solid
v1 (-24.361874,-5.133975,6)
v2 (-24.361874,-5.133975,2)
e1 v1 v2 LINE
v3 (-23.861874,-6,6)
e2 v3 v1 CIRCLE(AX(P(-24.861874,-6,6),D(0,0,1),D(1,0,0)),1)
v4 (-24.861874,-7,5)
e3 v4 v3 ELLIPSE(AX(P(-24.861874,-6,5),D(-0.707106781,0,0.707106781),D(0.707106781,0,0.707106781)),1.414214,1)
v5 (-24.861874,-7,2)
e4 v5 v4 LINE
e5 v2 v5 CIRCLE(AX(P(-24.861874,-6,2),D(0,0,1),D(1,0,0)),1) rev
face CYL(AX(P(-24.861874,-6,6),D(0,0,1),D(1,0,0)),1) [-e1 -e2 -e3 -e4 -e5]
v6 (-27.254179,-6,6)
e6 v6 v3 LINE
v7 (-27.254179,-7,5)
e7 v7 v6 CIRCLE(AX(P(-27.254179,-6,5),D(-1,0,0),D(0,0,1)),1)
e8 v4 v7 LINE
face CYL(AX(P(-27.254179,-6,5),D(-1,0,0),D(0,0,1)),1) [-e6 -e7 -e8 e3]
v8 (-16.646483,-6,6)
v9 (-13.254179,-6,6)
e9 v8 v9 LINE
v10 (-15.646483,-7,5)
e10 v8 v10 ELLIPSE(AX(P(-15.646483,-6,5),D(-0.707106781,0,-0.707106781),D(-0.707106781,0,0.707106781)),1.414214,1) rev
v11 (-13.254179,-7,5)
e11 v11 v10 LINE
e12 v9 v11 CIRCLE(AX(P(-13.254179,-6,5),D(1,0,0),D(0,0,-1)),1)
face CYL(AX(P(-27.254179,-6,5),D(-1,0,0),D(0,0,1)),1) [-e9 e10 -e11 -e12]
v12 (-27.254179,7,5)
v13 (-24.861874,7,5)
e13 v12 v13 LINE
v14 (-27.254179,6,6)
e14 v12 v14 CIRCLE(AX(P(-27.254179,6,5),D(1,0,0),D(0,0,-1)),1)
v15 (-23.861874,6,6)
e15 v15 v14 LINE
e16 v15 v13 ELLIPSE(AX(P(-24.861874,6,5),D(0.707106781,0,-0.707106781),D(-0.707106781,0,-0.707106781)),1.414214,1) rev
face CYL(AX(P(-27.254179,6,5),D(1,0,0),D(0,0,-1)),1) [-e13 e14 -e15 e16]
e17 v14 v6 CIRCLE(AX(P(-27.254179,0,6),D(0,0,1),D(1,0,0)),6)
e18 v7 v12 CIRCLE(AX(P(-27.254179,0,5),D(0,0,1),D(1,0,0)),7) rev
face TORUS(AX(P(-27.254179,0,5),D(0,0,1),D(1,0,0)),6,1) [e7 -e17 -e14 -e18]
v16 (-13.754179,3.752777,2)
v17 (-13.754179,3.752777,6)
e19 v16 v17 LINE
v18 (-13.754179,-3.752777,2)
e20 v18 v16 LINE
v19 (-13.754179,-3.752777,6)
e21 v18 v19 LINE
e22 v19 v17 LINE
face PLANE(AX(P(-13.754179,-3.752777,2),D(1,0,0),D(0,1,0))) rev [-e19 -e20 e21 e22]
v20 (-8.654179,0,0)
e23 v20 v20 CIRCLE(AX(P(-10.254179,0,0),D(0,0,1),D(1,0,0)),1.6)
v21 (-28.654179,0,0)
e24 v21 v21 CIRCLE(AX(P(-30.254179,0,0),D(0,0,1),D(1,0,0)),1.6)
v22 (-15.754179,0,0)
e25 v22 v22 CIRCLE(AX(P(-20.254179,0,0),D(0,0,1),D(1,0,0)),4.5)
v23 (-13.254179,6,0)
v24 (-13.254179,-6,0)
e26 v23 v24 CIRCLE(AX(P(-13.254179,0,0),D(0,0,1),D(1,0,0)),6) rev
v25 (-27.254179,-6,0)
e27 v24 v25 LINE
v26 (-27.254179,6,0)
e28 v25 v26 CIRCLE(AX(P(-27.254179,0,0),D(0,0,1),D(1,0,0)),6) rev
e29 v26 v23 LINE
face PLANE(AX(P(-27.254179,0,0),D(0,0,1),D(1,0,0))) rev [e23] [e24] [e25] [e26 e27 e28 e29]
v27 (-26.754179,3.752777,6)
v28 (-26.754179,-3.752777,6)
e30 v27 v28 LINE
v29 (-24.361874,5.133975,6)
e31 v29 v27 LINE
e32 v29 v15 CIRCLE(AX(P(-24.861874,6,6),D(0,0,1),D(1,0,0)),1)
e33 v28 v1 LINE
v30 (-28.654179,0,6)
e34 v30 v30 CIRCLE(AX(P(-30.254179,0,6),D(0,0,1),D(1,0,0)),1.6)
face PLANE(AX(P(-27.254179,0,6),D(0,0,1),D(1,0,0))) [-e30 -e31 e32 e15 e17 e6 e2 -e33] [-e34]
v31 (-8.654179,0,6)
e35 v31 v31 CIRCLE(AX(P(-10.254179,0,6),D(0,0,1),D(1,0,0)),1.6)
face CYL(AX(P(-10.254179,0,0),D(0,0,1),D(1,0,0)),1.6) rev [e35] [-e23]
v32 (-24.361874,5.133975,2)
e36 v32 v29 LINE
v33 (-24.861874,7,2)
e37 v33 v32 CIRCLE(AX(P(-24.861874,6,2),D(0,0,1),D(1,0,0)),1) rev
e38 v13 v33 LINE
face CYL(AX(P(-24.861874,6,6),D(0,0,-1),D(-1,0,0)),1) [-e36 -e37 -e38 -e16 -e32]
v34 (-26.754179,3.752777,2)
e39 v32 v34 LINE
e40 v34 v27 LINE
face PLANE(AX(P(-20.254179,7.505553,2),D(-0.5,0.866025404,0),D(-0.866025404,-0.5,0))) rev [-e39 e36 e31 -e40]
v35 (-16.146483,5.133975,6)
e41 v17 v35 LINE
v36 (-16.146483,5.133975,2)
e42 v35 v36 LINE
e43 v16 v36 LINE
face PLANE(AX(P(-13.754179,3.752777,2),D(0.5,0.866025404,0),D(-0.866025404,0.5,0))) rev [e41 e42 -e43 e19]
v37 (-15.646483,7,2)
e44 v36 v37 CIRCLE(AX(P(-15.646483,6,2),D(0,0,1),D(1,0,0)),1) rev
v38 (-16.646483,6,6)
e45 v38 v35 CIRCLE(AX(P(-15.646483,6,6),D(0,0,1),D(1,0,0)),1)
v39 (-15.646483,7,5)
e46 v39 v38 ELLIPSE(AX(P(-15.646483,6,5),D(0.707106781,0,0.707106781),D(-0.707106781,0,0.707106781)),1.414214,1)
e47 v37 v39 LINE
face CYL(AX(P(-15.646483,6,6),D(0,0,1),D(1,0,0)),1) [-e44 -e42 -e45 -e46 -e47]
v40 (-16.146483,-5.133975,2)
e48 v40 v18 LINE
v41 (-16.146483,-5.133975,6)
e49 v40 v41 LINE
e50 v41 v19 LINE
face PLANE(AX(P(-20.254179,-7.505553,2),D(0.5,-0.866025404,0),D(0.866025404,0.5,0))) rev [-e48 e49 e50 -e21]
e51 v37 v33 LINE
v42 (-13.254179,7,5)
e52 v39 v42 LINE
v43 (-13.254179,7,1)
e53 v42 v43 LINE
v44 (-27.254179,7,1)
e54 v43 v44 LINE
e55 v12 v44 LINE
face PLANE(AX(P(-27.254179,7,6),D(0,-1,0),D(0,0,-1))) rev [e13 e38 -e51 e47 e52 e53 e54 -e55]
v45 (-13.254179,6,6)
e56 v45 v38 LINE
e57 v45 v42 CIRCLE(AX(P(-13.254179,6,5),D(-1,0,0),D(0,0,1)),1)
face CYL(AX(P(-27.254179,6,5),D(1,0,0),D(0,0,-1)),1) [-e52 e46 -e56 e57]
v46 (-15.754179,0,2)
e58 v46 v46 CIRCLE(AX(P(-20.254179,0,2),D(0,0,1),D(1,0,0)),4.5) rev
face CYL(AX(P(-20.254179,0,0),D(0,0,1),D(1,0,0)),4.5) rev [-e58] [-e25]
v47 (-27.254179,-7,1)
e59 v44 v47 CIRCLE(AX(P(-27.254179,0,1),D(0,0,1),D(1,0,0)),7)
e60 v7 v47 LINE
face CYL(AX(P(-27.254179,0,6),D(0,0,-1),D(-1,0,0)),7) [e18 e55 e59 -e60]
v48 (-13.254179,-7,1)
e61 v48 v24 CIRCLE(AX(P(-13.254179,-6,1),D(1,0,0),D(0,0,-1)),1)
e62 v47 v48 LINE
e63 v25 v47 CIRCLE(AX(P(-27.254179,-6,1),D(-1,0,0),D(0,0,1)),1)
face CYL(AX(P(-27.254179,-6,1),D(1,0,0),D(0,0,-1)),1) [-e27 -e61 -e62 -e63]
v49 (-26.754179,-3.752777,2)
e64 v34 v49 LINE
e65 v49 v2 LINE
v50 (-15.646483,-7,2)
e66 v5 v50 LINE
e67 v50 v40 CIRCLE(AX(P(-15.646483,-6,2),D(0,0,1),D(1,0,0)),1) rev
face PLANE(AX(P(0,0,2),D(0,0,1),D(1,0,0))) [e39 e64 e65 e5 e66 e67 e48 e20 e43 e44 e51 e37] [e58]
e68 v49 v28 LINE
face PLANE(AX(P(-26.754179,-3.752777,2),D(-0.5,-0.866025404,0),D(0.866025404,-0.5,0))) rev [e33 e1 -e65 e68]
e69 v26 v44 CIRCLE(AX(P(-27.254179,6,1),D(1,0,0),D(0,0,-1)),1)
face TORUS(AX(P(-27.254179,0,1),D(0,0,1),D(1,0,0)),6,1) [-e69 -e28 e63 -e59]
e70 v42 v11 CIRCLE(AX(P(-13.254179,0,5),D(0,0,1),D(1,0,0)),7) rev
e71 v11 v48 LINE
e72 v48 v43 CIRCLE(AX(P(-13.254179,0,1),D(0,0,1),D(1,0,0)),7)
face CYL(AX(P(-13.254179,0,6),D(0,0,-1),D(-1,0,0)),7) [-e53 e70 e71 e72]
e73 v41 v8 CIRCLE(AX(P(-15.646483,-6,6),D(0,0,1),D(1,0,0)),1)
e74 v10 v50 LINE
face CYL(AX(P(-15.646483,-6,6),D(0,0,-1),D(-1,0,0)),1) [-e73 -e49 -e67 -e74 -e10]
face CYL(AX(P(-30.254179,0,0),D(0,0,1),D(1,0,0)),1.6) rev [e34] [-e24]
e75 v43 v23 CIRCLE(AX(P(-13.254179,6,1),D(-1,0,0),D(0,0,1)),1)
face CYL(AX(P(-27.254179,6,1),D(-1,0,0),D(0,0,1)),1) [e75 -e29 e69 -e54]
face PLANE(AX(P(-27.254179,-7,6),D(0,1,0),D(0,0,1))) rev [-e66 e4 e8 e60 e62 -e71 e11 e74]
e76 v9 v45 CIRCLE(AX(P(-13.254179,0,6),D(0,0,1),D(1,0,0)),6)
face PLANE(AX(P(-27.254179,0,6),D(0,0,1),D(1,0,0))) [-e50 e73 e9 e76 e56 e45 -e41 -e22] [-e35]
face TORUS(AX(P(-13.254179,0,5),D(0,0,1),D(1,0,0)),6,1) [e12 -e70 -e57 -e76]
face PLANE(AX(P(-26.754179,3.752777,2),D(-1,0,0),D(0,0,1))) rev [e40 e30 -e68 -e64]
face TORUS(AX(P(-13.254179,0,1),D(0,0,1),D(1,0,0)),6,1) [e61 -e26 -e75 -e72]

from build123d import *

# Parameters (mm, degrees)
BOSS_EXTRU_1_DEPTH      = 6
ESQUISSE3_R             = 4.5
ESQUISSE3_R_2           = 1.6
ENL_V_MAT_EXTRU_1_DEPTH = 7
ENL_V_MAT_EXTRU_2_DEPTH = 4
CONG_1_R                = 1


with BuildPart() as part:
    # Esquisse1 → Boss.-Extru.1 (new body)
    with BuildSketch(Plane.XY):
        with BuildLine():
            Line((-27.254178511, 7), (-13.254178511, 7))
            ThreePointArc((-13.254178511, 7), (-6.254178511, 0), (-13.254178511, -7))
            Line((-13.254178511, -7), (-27.254178511, -7))
            ThreePointArc((-27.254178511, -7), (-34.254178511, 0), (-27.254178511, 7))
        make_face()
    extrude(amount=BOSS_EXTRU_1_DEPTH)

    # Esquisse3 → Enlèv. mat.-Extru.1 (cut, through all)
    with BuildSketch(Plane.XY.offset(6)):
        with Locations((-20.254178511, 0)):
            Circle(ESQUISSE3_R)
        with Locations((-30.254178511, 0)):
            Circle(ESQUISSE3_R_2)
        with Locations((-10.254178511, 0)):
            Circle(ESQUISSE3_R_2)
    extrude(amount=-ENL_V_MAT_EXTRU_1_DEPTH, mode=Mode.SUBTRACT)

    # Esquisse4 → Enlèv. mat.-Extru.2 (cut)
    with BuildSketch(Plane.XY.offset(6)):
        Polygon((-13.754178511, -3.75277675), (-13.754178511, 3.75277675), (-20.254178511, 7.505553499), (-26.754178511, 3.75277675), (-26.754178511, -3.75277675), (-20.254178511, -7.505553499), align=None)
    extrude(amount=-ENL_V_MAT_EXTRU_2_DEPTH, mode=Mode.SUBTRACT)

    # Congé1
    cong_1_edges = [part.edges().sort_by_distance(p)[0] for p in [
        (-6.254178511, 0, 6),
        (-16.316356337, 7, 6),
        (-16.316356337, -7, 6),
        (-24.192000685, 7, 6),
        (-19.378534164, -7, 4),
        (-21.129822858, -7, 4),
        (-21.129822858, 7, 4),
        (-19.378534164, 7, 4),
        (-34.254178511, 0, 6),
        (-20.254178511, 7, 0),
        (-6.254178511, 0, 0),
        (-20.254178511, -7, 0),
        (-34.254178511, 0, 0),
        (-24.192000685, -7, 6),
    ]]
    fillet(cong_1_edges, radius=CONG_1_R)


solid = part.part
